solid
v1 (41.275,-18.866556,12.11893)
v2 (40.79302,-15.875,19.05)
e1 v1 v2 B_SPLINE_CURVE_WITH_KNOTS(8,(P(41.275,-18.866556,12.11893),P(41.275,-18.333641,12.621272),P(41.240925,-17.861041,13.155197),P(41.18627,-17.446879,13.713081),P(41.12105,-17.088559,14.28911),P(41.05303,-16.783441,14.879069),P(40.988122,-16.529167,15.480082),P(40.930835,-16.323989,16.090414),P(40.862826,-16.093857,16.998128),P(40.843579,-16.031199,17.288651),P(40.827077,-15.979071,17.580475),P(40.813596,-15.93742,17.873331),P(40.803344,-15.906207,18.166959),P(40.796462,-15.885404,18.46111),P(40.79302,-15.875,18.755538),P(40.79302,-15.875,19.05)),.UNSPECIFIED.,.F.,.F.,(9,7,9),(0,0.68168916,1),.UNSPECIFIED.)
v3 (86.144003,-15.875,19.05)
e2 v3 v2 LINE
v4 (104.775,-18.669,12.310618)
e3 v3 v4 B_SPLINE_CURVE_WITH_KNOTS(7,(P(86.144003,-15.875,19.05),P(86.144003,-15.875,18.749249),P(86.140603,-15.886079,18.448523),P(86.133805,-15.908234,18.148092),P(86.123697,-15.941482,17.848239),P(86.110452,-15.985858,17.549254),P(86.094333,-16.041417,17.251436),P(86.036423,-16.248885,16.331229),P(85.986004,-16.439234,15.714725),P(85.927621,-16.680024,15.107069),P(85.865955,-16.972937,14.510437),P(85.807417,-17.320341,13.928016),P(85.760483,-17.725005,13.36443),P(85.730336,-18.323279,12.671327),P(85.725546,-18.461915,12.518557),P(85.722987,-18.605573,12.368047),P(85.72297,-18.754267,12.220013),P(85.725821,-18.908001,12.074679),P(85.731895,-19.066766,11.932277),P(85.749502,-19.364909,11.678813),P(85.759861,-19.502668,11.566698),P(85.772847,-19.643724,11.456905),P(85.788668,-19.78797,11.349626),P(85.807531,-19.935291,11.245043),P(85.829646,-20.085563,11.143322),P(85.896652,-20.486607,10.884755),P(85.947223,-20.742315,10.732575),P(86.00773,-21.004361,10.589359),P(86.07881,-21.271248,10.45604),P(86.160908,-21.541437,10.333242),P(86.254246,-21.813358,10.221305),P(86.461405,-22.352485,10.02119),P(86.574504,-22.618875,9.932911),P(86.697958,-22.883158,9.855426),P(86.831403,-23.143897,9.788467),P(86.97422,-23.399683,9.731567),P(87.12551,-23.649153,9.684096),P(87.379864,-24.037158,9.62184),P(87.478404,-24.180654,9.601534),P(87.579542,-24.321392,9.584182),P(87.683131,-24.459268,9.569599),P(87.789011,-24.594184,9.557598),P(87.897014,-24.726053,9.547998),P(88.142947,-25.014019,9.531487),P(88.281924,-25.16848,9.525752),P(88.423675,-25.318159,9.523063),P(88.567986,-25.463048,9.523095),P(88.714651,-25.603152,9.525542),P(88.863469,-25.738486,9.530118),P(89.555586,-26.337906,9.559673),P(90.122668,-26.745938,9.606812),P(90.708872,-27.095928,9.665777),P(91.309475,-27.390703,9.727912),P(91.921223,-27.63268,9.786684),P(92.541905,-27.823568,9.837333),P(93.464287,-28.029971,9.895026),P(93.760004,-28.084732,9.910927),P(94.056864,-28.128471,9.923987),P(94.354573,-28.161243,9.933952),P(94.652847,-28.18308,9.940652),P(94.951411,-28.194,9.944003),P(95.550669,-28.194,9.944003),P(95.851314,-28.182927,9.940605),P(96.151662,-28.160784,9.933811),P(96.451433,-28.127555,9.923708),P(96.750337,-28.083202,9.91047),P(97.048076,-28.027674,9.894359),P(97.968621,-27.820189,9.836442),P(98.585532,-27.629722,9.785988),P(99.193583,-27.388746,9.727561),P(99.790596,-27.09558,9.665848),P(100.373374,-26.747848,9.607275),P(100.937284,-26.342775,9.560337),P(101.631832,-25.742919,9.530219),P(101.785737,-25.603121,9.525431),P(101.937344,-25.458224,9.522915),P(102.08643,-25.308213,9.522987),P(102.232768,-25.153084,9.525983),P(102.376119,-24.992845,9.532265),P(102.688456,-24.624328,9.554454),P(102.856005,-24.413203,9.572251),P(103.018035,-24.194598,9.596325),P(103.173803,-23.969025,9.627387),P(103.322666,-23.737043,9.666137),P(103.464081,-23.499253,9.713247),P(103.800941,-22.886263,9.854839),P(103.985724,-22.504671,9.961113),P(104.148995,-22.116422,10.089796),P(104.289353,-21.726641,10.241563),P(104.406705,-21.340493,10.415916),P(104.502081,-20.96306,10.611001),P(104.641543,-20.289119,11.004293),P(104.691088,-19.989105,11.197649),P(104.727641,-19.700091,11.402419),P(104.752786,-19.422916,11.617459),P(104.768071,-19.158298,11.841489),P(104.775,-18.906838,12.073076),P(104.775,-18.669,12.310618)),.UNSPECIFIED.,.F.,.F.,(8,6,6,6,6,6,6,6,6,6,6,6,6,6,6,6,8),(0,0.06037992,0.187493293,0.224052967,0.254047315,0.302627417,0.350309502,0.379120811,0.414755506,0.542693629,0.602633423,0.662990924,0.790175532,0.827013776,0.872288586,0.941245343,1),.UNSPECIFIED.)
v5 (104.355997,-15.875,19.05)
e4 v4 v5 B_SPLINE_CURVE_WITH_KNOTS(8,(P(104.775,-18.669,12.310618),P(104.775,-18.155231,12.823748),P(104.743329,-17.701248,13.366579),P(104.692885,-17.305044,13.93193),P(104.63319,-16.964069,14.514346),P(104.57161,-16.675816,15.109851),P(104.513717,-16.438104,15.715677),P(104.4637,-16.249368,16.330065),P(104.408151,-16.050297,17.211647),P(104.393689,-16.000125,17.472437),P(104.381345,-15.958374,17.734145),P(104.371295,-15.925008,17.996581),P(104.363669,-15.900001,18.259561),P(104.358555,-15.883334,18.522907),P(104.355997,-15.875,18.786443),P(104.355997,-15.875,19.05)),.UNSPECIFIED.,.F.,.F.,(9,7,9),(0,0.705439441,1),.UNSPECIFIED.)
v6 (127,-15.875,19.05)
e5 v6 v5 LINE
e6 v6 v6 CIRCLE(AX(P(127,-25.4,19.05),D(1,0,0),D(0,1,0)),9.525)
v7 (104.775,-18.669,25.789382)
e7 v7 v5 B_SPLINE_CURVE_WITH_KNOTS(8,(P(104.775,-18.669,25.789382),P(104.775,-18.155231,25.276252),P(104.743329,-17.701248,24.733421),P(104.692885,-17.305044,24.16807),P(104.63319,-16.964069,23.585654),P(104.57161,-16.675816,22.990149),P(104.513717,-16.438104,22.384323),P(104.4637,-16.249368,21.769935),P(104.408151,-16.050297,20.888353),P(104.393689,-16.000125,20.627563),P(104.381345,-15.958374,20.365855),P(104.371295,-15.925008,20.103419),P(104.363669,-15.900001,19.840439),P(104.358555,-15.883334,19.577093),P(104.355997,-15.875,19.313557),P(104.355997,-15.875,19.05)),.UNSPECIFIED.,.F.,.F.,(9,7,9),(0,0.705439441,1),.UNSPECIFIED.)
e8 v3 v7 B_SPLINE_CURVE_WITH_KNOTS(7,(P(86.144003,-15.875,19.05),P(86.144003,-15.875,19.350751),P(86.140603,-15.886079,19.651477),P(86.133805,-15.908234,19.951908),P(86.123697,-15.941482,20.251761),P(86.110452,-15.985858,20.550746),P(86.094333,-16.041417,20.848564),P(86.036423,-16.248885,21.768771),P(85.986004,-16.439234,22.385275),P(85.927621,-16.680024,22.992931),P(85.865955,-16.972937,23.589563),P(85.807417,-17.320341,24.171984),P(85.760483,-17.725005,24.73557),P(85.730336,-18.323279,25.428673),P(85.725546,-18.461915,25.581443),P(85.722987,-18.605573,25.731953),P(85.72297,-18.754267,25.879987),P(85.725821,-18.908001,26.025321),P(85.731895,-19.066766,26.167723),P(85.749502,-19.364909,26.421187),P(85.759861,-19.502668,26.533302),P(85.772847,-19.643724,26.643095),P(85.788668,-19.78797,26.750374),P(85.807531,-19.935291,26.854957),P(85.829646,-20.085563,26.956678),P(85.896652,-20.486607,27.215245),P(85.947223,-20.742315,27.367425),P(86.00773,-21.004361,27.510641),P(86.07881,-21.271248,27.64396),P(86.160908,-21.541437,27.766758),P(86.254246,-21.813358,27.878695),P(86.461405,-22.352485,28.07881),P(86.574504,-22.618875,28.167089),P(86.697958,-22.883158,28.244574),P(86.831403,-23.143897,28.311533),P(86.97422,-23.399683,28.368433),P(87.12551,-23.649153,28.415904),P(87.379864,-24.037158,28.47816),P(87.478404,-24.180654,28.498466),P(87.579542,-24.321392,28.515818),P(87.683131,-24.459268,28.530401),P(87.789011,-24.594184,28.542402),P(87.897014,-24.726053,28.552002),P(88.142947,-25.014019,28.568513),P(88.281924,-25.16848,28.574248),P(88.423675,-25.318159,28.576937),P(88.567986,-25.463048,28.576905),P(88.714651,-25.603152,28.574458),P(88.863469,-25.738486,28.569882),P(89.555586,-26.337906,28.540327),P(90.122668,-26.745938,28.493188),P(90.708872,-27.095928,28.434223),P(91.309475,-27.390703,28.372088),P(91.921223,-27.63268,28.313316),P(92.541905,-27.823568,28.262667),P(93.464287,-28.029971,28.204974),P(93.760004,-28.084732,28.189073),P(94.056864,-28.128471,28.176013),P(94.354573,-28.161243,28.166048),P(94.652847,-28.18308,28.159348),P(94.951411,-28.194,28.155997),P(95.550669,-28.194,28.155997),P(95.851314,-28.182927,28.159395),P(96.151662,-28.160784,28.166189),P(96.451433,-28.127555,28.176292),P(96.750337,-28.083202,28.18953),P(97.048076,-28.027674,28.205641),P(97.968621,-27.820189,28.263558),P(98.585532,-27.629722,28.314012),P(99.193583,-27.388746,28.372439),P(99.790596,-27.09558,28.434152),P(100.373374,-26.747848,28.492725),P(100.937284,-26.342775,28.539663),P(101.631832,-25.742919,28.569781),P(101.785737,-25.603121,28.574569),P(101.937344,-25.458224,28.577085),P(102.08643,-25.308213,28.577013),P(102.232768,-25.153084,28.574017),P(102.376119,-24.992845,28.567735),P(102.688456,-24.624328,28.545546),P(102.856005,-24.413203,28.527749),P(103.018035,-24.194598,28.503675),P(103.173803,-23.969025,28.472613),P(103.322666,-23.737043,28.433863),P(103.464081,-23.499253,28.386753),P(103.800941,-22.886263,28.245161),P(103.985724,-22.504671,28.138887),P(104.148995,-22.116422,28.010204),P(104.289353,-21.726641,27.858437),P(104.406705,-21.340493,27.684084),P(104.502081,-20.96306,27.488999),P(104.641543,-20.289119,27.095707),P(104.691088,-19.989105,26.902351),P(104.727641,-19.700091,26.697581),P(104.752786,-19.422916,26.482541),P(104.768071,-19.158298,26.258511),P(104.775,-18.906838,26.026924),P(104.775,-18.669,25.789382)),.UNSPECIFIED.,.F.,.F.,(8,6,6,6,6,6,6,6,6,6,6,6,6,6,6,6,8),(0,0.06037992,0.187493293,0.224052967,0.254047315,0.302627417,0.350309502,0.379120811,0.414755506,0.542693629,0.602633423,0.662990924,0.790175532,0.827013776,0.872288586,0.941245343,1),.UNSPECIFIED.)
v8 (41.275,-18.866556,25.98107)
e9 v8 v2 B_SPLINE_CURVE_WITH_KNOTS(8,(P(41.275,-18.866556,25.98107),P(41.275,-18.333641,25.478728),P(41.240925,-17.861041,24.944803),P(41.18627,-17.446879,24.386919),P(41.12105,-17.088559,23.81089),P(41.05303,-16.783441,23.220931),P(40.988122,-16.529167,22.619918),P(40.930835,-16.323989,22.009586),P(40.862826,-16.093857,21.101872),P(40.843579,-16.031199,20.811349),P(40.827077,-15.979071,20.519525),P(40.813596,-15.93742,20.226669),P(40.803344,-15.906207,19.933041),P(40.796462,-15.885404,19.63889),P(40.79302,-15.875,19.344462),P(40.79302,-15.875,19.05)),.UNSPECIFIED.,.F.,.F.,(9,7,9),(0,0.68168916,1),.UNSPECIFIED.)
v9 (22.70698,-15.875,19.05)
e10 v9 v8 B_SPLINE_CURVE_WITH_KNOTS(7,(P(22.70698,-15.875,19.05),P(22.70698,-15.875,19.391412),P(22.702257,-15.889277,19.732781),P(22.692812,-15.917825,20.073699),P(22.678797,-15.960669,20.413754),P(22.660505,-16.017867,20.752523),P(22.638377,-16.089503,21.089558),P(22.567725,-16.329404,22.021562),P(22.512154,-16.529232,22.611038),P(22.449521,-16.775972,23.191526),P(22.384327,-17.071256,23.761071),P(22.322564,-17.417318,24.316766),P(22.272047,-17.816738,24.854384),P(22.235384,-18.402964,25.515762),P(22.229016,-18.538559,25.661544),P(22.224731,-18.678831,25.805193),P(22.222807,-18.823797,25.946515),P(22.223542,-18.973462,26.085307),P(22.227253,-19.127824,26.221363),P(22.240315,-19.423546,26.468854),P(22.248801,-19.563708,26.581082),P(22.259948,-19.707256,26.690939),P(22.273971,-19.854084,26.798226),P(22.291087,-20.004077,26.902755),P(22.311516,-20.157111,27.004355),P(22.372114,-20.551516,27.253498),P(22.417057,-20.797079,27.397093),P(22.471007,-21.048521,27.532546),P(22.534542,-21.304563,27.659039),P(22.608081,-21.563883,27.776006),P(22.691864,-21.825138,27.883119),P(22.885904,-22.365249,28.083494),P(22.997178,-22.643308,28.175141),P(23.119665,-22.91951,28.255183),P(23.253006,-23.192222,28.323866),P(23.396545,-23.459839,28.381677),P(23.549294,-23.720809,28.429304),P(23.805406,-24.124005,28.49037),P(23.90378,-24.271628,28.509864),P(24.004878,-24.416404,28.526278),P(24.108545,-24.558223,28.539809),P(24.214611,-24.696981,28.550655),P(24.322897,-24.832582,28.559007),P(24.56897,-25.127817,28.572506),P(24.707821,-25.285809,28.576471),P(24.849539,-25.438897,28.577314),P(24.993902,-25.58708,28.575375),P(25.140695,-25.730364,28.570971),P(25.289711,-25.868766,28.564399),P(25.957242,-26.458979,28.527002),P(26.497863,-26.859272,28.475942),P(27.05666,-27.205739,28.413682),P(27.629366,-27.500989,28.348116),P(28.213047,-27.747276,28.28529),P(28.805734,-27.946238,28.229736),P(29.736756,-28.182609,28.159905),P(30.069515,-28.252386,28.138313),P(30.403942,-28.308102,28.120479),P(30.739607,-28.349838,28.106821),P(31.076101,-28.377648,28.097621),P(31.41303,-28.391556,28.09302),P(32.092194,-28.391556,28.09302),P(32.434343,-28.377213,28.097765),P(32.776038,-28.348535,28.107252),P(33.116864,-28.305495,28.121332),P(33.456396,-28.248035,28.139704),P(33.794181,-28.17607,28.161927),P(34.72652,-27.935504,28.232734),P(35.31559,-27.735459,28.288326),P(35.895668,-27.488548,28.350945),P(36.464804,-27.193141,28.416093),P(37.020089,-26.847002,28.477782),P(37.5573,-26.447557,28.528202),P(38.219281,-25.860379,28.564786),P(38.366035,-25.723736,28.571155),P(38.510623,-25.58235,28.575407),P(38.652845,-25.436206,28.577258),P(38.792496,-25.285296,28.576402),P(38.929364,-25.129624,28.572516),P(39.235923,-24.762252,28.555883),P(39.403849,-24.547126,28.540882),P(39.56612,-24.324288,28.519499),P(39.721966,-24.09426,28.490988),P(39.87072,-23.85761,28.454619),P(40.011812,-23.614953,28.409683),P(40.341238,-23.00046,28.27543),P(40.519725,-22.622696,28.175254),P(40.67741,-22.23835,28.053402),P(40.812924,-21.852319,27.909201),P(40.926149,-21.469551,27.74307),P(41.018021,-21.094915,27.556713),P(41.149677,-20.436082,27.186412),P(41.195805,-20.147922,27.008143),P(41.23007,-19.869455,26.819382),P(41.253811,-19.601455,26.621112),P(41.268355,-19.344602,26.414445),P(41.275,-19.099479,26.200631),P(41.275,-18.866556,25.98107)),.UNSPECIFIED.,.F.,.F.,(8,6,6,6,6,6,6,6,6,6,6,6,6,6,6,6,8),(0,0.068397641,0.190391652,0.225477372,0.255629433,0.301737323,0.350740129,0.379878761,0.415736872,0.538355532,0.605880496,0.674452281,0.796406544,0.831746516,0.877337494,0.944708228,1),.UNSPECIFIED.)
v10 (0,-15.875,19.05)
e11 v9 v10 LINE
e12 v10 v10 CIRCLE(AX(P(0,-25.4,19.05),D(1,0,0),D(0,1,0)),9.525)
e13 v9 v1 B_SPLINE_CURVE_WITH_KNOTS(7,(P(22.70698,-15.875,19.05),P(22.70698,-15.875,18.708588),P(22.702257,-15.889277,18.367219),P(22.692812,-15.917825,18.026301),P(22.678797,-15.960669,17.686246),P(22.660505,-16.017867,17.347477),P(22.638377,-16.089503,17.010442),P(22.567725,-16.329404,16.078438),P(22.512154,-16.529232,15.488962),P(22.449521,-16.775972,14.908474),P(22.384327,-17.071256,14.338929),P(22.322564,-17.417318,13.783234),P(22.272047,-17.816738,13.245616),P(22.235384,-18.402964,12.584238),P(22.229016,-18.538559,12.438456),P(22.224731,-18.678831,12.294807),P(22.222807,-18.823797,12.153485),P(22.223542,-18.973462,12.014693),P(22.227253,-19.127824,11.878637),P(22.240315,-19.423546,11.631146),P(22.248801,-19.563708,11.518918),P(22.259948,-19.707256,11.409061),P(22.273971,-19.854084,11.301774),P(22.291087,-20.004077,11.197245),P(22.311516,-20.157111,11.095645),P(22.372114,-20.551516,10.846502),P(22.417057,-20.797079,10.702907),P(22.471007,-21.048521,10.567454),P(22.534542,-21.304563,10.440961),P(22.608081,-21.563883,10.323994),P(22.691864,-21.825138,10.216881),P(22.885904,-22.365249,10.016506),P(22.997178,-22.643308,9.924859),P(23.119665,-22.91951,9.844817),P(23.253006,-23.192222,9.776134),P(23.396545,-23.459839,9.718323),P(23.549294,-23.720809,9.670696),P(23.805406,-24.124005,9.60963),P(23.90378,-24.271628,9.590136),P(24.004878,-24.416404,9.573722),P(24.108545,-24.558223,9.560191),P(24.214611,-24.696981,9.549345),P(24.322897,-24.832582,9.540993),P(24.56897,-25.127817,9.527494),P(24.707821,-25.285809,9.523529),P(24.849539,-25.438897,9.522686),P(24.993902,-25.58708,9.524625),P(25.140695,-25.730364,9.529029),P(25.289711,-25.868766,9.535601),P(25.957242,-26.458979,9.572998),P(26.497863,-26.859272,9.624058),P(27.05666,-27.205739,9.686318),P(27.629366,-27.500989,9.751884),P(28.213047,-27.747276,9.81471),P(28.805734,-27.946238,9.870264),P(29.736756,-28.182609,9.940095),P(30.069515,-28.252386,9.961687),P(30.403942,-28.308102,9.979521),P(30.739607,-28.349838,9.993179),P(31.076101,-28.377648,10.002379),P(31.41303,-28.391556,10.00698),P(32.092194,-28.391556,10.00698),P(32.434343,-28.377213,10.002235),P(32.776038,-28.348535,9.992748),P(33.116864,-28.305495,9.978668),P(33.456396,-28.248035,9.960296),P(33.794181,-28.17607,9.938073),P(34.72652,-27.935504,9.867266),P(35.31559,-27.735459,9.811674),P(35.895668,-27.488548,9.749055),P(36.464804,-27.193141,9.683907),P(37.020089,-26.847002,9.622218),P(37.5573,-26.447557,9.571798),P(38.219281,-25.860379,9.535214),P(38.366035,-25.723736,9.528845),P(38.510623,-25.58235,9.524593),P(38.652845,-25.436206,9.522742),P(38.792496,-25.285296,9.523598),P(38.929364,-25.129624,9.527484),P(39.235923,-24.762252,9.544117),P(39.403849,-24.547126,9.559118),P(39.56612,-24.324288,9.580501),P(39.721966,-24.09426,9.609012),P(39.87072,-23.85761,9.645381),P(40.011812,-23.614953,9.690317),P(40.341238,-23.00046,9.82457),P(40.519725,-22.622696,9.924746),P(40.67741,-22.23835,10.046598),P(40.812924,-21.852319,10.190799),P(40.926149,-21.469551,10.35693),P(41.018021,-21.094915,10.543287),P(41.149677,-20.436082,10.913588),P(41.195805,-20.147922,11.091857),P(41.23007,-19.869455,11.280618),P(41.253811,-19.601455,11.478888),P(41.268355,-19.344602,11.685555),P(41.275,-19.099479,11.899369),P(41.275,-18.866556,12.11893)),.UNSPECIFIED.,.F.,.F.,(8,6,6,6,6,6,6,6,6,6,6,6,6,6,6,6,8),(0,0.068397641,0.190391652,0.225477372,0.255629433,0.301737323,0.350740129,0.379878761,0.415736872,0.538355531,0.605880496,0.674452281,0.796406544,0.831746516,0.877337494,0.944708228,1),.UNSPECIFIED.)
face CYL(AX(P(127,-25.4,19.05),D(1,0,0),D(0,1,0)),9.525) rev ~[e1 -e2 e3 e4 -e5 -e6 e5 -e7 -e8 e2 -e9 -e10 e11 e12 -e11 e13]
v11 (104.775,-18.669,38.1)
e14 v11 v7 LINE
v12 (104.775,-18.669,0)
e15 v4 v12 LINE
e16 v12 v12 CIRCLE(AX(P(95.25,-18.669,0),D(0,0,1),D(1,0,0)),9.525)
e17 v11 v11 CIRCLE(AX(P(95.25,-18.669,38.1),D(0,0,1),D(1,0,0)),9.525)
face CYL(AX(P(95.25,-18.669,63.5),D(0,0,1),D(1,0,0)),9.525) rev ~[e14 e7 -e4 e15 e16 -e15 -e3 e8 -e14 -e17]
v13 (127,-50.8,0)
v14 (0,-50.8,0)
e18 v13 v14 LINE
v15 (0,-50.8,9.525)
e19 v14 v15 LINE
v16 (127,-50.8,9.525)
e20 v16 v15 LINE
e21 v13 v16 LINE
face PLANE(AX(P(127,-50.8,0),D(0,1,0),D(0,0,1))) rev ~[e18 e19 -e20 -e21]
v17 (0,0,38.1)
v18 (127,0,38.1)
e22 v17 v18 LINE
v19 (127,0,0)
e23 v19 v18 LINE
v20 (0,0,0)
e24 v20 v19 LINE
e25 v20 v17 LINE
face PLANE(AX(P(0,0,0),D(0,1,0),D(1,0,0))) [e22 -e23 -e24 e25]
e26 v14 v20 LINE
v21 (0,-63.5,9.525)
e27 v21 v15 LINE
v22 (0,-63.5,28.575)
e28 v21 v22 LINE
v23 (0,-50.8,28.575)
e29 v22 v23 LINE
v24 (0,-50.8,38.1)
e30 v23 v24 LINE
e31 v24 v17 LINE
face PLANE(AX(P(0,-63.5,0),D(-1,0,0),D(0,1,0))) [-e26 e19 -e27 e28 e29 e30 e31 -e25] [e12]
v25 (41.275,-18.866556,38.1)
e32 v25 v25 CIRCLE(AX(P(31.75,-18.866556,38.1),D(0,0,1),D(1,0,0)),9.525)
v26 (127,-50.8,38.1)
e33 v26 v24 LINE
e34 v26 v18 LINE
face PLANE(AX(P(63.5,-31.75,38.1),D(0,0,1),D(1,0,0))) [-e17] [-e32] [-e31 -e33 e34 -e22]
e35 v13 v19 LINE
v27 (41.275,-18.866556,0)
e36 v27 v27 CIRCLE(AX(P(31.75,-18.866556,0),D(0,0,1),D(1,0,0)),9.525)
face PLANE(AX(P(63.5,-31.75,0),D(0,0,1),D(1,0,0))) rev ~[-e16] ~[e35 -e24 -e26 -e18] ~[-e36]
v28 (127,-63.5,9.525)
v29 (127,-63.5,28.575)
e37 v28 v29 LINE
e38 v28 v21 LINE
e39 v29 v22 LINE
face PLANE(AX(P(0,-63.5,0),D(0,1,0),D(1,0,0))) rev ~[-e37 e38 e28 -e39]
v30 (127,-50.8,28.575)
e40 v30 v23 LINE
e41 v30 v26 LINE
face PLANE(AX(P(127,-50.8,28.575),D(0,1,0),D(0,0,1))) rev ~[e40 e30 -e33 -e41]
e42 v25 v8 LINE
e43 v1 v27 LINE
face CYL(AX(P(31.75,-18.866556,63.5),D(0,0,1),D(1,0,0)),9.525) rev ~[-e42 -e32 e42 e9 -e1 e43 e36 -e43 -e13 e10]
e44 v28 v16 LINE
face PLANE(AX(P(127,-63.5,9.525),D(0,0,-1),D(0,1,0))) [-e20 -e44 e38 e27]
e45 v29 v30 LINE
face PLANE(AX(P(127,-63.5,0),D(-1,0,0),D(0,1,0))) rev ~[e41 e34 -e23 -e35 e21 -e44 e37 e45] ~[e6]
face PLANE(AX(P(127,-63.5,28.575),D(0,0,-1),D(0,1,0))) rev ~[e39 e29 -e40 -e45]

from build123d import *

# Parameters (mm, degrees)
F0_W      = 127
F0_H      = 63.5
F1_DEPTH  = 38.1
F2_W      = 12.7
F2_H      = 9.525
F3_DEPTH  = 127
F4_R      = 9.525
F5_DEPTH  = 25.4
F5_FACE_R = 9.525
F6_DEPTH  = 63.78913
F7_R      = 9.525
F8_DEPTH  = 127.28539


with BuildPart() as f1:
    # F0 (on Top) → F1 (new body)
    with BuildSketch(Plane.XY):
        with Locations((63.5, -31.75)):
            Rectangle(F0_W, F0_H)
    extrude(amount=F1_DEPTH)

    # F2 (on face) → F3 (cut)
    with BuildSketch(Plane.YZ.offset(127)):
        with Locations((-57.15, 33.3375)):
            Rectangle(F2_W, F2_H)
        with Locations((-57.15, 4.7625)):
            Rectangle(F2_W, F2_H)
    extrude(amount=-F3_DEPTH, mode=Mode.SUBTRACT)

    # F4 (on face) → F5 (join)
    with BuildSketch(Plane.XY.offset(38.1)):
        with Locations((31.75, -18.866556)):
            Circle(F4_R)
        with Locations((95.25, -18.669)):
            Circle(F4_R)
    extrude(amount=F5_DEPTH)

    # F5_face (on face) → F6 (cut)
    with BuildSketch(Plane(origin=(31.75, -18.866556, 63.5), x_dir=(1, 0, 0), z_dir=(0, 0, 1))):
        Circle(F5_FACE_R)
        with Locations((63.5, 0.197556)):
            Circle(F5_FACE_R)
    extrude(amount=-F6_DEPTH, mode=Mode.SUBTRACT)

    # F7 (on face) → F8 (cut)
    with BuildSketch(Plane.YZ.offset(127)):
        with Locations((-25.4, 19.05)):
            Circle(F7_R)
    extrude(amount=-F8_DEPTH, mode=Mode.SUBTRACT)


solid = f1.part
